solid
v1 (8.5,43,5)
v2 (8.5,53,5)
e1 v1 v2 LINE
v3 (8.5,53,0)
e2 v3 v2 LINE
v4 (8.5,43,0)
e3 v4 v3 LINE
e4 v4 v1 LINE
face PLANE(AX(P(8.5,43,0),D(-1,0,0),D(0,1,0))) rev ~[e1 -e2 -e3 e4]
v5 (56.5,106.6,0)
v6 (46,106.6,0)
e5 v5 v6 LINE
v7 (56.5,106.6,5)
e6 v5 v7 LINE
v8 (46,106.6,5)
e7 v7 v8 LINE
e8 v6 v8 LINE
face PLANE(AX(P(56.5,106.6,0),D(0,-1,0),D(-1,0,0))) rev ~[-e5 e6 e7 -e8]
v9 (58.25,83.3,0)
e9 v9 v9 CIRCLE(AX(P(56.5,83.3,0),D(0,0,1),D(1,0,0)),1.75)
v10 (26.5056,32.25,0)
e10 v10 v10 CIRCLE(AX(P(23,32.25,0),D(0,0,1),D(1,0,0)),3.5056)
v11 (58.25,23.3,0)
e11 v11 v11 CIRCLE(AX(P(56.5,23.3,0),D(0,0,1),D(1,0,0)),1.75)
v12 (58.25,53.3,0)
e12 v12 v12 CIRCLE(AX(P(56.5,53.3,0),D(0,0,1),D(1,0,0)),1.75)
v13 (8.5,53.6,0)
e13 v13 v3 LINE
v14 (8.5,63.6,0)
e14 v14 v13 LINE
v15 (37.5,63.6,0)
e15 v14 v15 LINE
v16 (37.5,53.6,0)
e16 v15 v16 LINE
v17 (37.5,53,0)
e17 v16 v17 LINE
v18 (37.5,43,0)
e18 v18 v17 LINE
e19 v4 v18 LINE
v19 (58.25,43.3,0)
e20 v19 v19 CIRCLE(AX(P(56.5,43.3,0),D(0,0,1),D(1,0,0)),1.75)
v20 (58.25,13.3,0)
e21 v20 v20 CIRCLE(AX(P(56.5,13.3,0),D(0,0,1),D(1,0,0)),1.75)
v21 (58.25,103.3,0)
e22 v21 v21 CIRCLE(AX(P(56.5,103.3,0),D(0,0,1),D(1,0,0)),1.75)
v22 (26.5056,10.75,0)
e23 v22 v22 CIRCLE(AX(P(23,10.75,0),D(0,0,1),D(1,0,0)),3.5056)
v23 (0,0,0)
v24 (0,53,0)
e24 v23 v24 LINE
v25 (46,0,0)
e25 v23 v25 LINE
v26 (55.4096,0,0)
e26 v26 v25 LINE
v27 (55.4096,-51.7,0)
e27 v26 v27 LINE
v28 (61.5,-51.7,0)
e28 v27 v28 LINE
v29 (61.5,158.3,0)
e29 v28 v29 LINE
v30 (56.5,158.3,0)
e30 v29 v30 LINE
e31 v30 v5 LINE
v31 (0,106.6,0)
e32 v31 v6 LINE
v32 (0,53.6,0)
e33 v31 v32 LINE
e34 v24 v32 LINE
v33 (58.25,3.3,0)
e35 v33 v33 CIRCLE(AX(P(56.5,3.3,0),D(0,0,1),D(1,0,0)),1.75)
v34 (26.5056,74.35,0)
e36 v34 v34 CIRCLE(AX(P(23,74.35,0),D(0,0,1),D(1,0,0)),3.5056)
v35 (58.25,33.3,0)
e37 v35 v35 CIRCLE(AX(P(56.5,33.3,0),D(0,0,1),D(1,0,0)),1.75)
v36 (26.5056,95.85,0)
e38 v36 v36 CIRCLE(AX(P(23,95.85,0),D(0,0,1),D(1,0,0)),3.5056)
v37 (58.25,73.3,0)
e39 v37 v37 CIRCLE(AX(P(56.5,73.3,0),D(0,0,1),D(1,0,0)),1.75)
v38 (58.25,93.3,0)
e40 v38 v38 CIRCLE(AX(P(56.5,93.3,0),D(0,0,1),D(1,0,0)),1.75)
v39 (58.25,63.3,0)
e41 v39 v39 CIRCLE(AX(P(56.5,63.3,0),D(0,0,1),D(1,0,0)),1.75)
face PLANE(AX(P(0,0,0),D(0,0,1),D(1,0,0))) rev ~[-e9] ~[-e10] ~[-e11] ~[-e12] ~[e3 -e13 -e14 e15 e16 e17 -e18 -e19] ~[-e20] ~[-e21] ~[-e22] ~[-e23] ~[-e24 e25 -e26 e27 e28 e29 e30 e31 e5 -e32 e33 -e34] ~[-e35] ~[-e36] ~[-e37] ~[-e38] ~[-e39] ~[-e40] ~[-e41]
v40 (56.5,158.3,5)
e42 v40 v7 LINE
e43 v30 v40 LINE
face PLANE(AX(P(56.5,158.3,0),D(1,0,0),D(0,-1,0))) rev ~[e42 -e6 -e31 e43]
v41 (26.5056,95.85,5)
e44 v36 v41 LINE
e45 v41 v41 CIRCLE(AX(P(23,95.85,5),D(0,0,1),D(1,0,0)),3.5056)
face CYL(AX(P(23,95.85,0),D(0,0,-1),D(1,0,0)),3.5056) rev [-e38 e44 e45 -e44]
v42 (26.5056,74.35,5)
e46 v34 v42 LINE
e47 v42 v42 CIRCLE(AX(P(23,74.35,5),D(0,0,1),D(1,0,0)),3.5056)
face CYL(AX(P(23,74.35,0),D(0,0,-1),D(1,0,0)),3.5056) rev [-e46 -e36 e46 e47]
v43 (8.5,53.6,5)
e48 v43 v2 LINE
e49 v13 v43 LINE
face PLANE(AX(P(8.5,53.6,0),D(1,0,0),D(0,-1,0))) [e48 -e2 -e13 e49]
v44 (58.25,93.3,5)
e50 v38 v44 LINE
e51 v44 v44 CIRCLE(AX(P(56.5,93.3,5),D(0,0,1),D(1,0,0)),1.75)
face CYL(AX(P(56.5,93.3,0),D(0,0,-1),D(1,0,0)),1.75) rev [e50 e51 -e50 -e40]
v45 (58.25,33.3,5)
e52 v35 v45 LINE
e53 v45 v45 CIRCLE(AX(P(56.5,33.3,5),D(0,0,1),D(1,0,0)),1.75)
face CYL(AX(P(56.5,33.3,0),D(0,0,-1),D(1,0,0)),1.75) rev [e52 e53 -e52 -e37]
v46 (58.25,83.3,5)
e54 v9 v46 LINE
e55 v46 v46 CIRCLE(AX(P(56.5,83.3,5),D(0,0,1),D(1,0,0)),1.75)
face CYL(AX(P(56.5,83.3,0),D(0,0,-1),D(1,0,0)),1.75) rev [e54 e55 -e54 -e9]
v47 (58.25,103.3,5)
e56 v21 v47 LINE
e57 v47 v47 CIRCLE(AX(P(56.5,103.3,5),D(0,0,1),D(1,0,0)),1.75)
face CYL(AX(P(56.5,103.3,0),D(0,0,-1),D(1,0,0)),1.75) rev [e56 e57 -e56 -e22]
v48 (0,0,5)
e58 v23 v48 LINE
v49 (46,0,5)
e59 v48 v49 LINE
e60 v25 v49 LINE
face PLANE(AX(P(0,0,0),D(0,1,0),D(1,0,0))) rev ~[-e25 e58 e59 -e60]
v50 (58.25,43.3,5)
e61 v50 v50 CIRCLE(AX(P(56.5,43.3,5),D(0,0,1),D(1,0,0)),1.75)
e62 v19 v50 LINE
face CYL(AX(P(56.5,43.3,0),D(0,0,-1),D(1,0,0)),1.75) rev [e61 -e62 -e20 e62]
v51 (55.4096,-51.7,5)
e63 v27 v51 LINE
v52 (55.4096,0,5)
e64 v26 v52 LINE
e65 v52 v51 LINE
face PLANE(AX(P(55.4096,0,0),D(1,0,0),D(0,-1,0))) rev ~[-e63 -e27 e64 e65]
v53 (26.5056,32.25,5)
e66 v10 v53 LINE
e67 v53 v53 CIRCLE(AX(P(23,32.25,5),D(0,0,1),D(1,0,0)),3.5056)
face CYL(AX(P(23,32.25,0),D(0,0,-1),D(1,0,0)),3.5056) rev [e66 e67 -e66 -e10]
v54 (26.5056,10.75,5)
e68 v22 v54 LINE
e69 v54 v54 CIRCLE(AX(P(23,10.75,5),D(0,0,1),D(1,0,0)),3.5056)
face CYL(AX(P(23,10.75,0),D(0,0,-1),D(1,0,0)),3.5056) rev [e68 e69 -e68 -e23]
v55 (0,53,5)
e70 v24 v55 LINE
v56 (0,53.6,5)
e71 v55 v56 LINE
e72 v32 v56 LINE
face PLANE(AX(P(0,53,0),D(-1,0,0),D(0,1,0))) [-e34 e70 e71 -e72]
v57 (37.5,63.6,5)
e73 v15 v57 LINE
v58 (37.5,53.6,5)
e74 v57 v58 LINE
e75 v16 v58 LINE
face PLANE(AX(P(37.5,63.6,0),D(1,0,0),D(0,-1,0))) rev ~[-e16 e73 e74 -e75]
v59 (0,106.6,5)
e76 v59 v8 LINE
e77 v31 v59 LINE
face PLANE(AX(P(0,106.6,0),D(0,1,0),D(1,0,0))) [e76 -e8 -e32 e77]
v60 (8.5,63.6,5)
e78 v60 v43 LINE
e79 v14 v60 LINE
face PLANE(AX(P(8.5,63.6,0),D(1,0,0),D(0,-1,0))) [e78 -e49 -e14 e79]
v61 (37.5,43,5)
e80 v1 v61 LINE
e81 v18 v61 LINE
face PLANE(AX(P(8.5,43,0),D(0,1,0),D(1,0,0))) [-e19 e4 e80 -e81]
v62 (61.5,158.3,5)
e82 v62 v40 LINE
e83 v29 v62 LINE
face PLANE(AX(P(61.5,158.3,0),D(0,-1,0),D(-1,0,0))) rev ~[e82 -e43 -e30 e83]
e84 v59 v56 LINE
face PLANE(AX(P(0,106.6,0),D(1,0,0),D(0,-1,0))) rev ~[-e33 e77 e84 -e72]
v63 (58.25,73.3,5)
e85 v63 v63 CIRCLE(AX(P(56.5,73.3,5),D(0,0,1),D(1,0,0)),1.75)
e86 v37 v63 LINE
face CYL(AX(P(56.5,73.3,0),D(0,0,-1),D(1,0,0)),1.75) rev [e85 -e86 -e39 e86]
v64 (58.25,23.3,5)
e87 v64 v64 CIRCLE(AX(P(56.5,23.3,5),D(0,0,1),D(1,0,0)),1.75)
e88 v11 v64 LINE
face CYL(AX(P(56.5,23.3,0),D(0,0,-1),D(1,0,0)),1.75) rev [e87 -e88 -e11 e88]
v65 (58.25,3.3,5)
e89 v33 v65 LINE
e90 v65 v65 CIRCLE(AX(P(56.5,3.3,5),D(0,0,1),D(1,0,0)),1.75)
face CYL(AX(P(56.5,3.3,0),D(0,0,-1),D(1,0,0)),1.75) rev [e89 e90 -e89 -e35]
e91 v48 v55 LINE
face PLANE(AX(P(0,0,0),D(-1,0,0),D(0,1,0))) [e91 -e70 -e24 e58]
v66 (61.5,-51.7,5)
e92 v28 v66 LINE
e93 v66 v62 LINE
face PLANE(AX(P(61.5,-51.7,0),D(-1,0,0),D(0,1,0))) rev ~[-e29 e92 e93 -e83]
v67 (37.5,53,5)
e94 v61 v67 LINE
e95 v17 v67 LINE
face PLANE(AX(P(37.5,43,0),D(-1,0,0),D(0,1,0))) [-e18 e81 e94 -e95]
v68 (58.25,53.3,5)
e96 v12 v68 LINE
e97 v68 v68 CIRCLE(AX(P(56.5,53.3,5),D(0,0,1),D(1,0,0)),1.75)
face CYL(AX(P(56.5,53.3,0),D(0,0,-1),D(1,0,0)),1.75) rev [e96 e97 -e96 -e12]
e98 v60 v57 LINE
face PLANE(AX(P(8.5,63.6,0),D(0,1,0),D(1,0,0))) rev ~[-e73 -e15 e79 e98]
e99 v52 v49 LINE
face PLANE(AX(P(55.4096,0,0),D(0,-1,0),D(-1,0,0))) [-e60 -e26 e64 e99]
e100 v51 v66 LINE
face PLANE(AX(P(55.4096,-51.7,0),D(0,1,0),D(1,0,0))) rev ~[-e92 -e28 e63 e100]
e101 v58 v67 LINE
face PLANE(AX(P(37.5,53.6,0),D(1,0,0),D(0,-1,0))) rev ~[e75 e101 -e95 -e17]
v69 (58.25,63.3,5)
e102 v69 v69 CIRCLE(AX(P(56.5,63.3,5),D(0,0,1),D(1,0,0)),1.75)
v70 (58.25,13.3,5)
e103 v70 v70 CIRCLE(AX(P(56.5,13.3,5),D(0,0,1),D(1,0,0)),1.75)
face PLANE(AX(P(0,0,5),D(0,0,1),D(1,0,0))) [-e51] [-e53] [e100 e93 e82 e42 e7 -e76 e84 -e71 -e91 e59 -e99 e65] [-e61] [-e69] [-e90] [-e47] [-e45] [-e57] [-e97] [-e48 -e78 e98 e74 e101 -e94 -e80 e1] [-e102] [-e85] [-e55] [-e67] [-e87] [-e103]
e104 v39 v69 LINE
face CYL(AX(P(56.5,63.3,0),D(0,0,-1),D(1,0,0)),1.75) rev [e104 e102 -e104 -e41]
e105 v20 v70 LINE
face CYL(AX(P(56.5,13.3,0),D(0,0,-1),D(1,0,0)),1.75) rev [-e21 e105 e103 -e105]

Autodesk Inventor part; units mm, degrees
ref_plane "YZ Plane" through (0, 0, 0) normal (1, 0, 0) x (0, 1, 0)
ref_plane "XZ Plane" through (0, 0, 0) normal (0, 1, 0) x (-1, 0, 0)
ref_plane "XY Plane" through (0, 0, 0) normal (0, 0, 1) x (1, 0, 0)
ref_plane "Plan de construction1" through (0, 0, 0) normal (0, 0, 1) x (1, 0, 0)
sketch "Esquisse1" plane through (0, 0, 0) normal (0, 0, 1) x (1, 0, 0)
  line L0 (29.95, -1) -> (16.05, -1) projected
  line L1 (23, -1) -> (61.5, -1) construction
  circle A0 centre (23, 10.75) radius 3.5056 projected
  circle A1 centre (23, 32.25) radius 3.5056 projected
  line L2 (0, 0) -> (46, 0) projected
  line L3 (37.5, 43) -> (37.5, 53) projected
  line L4 (8.5, 43) -> (37.5, 43) projected
  line L5 (8.5, 43) -> (8.5, 53) projected
  line L6 (0, 0) -> (0, 53) projected
  circle A2 centre (23, 95.85) radius 3.5056 projected
  circle A3 centre (23, 74.35) radius 3.5056 projected
  line L7 (0, 106.6) -> (46, 106.6) projected
  line L8 (0, 106.6) -> (0, 53.6) projected
  line L9 (8.5, 63.6) -> (8.5, 53.6) projected
  line L10 (8.5, 63.6) -> (37.5, 63.6) projected
  line L11 (37.5, 63.6) -> (37.5, 53.6) projected
  line L12 (8.5, 53.6) -> (8.5, 53)
  line L13 (37.5, 53.6) -> (37.5, 53)
  line L14 (61.5, -51.7) -> (61.5, 158.3)
  line L15 (37.5, 53.3) -> (61.5, 53.3) construction
  line L16 (61.5, 158.3) -> (56.5, 158.3)
  line L17 (56.5, 158.3) -> (56.5, 106.6)
  line L18 (56.5, 106.6) -> (46, 106.6)
  line L19 (55.4096, 0) -> (55.4096, -51.7)
  line L20 (55.4096, -51.7) -> (61.5, -51.7)
  line L21 (55.4096, 0) -> (46, 0)
  circle A4 centre (56.5, 53.3) radius 1.75
  line L22 (37.5, 63.3) -> (61.5, 63.3) construction
  circle A5 centre (56.5, 63.3) radius 1.75
  line L23 (37.5, 73.3) -> (61.5, 73.3) construction
  circle A6 centre (56.5, 73.3) radius 1.75
  line L24 (37.5, 83.3) -> (61.5, 83.3) construction
  circle A7 centre (56.5, 83.3) radius 1.75
  line L25 (37.5, 93.3) -> (61.5, 93.3) construction
  circle A8 centre (56.5, 93.3) radius 1.75
  line L26 (37.5, 103.3) -> (61.5, 103.3) construction
  circle A9 centre (56.5, 103.3) radius 1.75
  line L27 (37.5, 43.3) -> (61.5, 43.3) construction
  circle A10 centre (56.5, 43.3) radius 1.75
  line L28 (37.5, 53.3) -> (61.5, 53.3) construction
  circle A11 centre (56.5, 53.3) radius 1.75
  line L29 (37.5, 63.3) -> (61.5, 63.3) construction
  circle A12 centre (56.5, 63.3) radius 1.75
  line L30 (37.5, 73.3) -> (61.5, 73.3) construction
  circle A13 centre (56.5, 73.3) radius 1.75
  line L31 (37.5, 83.3) -> (61.5, 83.3) construction
  circle A14 centre (56.5, 83.3) radius 1.75
  line L32 (37.5, 93.3) -> (61.5, 93.3) construction
  circle A15 centre (56.5, 93.3) radius 1.75
  line L33 (37.5, 33.3) -> (61.5, 33.3) construction
  circle A16 centre (56.5, 33.3) radius 1.75
  line L34 (37.5, 43.3) -> (61.5, 43.3) construction
  circle A17 centre (56.5, 43.3) radius 1.75
  line L35 (37.5, 53.3) -> (61.5, 53.3) construction
  circle A18 centre (56.5, 53.3) radius 1.75
  line L36 (37.5, 63.3) -> (61.5, 63.3) construction
  circle A19 centre (56.5, 63.3) radius 1.75
  line L37 (37.5, 73.3) -> (61.5, 73.3) construction
  circle A20 centre (56.5, 73.3) radius 1.75
  line L38 (37.5, 83.3) -> (61.5, 83.3) construction
  circle A21 centre (56.5, 83.3) radius 1.75
  line L39 (37.5, 23.3) -> (61.5, 23.3) construction
  circle A22 centre (56.5, 23.3) radius 1.75
  line L40 (37.5, 33.3) -> (61.5, 33.3) construction
  circle A23 centre (56.5, 33.3) radius 1.75
  line L41 (37.5, 43.3) -> (61.5, 43.3) construction
  circle A24 centre (56.5, 43.3) radius 1.75
  line L42 (37.5, 53.3) -> (61.5, 53.3) construction
  circle A25 centre (56.5, 53.3) radius 1.75
  line L43 (37.5, 63.3) -> (61.5, 63.3) construction
  circle A26 centre (56.5, 63.3) radius 1.75
  line L44 (37.5, 73.3) -> (61.5, 73.3) construction
  circle A27 centre (56.5, 73.3) radius 1.75
  line L45 (37.5, 13.3) -> (61.5, 13.3) construction
  circle A28 centre (56.5, 13.3) radius 1.75
  line L46 (37.5, 23.3) -> (61.5, 23.3) construction
  circle A29 centre (56.5, 23.3) radius 1.75
  line L47 (37.5, 33.3) -> (61.5, 33.3) construction
  circle A30 centre (56.5, 33.3) radius 1.75
  line L48 (37.5, 43.3) -> (61.5, 43.3) construction
  circle A31 centre (56.5, 43.3) radius 1.75
  line L49 (37.5, 53.3) -> (61.5, 53.3) construction
  circle A32 centre (56.5, 53.3) radius 1.75
  line L50 (37.5, 63.3) -> (61.5, 63.3) construction
  circle A33 centre (56.5, 63.3) radius 1.75
  line L51 (37.5, 3.3) -> (61.5, 3.3) construction
  circle A34 centre (56.5, 3.3) radius 1.75
  line L52 (37.5, 13.3) -> (61.5, 13.3) construction
  circle A35 centre (56.5, 13.3) radius 1.75
  line L53 (37.5, 23.3) -> (61.5, 23.3) construction
  circle A36 centre (56.5, 23.3) radius 1.75
  line L54 (37.5, 33.3) -> (61.5, 33.3) construction
  circle A37 centre (56.5, 33.3) radius 1.75
  line L55 (37.5, 43.3) -> (61.5, 43.3) construction
  circle A38 centre (56.5, 43.3) radius 1.75
  line L56 (37.5, 53.3) -> (61.5, 53.3) construction
  circle A39 centre (56.5, 53.3) radius 1.75
  line L57 (0, 53) -> (0, 53.6)
  dimension "d0" = 38.5
  dimension "d2" = 210
  dimension "d3" = 105
  dimension "d4" = 5
  dimension "d5" = 5
  dimension "d6" = 3.5
  dimension "d9" = 10
  dimension "d12" = 10
extrude "Extrusion1" add sketch "Esquisse1" along normal blind 5
